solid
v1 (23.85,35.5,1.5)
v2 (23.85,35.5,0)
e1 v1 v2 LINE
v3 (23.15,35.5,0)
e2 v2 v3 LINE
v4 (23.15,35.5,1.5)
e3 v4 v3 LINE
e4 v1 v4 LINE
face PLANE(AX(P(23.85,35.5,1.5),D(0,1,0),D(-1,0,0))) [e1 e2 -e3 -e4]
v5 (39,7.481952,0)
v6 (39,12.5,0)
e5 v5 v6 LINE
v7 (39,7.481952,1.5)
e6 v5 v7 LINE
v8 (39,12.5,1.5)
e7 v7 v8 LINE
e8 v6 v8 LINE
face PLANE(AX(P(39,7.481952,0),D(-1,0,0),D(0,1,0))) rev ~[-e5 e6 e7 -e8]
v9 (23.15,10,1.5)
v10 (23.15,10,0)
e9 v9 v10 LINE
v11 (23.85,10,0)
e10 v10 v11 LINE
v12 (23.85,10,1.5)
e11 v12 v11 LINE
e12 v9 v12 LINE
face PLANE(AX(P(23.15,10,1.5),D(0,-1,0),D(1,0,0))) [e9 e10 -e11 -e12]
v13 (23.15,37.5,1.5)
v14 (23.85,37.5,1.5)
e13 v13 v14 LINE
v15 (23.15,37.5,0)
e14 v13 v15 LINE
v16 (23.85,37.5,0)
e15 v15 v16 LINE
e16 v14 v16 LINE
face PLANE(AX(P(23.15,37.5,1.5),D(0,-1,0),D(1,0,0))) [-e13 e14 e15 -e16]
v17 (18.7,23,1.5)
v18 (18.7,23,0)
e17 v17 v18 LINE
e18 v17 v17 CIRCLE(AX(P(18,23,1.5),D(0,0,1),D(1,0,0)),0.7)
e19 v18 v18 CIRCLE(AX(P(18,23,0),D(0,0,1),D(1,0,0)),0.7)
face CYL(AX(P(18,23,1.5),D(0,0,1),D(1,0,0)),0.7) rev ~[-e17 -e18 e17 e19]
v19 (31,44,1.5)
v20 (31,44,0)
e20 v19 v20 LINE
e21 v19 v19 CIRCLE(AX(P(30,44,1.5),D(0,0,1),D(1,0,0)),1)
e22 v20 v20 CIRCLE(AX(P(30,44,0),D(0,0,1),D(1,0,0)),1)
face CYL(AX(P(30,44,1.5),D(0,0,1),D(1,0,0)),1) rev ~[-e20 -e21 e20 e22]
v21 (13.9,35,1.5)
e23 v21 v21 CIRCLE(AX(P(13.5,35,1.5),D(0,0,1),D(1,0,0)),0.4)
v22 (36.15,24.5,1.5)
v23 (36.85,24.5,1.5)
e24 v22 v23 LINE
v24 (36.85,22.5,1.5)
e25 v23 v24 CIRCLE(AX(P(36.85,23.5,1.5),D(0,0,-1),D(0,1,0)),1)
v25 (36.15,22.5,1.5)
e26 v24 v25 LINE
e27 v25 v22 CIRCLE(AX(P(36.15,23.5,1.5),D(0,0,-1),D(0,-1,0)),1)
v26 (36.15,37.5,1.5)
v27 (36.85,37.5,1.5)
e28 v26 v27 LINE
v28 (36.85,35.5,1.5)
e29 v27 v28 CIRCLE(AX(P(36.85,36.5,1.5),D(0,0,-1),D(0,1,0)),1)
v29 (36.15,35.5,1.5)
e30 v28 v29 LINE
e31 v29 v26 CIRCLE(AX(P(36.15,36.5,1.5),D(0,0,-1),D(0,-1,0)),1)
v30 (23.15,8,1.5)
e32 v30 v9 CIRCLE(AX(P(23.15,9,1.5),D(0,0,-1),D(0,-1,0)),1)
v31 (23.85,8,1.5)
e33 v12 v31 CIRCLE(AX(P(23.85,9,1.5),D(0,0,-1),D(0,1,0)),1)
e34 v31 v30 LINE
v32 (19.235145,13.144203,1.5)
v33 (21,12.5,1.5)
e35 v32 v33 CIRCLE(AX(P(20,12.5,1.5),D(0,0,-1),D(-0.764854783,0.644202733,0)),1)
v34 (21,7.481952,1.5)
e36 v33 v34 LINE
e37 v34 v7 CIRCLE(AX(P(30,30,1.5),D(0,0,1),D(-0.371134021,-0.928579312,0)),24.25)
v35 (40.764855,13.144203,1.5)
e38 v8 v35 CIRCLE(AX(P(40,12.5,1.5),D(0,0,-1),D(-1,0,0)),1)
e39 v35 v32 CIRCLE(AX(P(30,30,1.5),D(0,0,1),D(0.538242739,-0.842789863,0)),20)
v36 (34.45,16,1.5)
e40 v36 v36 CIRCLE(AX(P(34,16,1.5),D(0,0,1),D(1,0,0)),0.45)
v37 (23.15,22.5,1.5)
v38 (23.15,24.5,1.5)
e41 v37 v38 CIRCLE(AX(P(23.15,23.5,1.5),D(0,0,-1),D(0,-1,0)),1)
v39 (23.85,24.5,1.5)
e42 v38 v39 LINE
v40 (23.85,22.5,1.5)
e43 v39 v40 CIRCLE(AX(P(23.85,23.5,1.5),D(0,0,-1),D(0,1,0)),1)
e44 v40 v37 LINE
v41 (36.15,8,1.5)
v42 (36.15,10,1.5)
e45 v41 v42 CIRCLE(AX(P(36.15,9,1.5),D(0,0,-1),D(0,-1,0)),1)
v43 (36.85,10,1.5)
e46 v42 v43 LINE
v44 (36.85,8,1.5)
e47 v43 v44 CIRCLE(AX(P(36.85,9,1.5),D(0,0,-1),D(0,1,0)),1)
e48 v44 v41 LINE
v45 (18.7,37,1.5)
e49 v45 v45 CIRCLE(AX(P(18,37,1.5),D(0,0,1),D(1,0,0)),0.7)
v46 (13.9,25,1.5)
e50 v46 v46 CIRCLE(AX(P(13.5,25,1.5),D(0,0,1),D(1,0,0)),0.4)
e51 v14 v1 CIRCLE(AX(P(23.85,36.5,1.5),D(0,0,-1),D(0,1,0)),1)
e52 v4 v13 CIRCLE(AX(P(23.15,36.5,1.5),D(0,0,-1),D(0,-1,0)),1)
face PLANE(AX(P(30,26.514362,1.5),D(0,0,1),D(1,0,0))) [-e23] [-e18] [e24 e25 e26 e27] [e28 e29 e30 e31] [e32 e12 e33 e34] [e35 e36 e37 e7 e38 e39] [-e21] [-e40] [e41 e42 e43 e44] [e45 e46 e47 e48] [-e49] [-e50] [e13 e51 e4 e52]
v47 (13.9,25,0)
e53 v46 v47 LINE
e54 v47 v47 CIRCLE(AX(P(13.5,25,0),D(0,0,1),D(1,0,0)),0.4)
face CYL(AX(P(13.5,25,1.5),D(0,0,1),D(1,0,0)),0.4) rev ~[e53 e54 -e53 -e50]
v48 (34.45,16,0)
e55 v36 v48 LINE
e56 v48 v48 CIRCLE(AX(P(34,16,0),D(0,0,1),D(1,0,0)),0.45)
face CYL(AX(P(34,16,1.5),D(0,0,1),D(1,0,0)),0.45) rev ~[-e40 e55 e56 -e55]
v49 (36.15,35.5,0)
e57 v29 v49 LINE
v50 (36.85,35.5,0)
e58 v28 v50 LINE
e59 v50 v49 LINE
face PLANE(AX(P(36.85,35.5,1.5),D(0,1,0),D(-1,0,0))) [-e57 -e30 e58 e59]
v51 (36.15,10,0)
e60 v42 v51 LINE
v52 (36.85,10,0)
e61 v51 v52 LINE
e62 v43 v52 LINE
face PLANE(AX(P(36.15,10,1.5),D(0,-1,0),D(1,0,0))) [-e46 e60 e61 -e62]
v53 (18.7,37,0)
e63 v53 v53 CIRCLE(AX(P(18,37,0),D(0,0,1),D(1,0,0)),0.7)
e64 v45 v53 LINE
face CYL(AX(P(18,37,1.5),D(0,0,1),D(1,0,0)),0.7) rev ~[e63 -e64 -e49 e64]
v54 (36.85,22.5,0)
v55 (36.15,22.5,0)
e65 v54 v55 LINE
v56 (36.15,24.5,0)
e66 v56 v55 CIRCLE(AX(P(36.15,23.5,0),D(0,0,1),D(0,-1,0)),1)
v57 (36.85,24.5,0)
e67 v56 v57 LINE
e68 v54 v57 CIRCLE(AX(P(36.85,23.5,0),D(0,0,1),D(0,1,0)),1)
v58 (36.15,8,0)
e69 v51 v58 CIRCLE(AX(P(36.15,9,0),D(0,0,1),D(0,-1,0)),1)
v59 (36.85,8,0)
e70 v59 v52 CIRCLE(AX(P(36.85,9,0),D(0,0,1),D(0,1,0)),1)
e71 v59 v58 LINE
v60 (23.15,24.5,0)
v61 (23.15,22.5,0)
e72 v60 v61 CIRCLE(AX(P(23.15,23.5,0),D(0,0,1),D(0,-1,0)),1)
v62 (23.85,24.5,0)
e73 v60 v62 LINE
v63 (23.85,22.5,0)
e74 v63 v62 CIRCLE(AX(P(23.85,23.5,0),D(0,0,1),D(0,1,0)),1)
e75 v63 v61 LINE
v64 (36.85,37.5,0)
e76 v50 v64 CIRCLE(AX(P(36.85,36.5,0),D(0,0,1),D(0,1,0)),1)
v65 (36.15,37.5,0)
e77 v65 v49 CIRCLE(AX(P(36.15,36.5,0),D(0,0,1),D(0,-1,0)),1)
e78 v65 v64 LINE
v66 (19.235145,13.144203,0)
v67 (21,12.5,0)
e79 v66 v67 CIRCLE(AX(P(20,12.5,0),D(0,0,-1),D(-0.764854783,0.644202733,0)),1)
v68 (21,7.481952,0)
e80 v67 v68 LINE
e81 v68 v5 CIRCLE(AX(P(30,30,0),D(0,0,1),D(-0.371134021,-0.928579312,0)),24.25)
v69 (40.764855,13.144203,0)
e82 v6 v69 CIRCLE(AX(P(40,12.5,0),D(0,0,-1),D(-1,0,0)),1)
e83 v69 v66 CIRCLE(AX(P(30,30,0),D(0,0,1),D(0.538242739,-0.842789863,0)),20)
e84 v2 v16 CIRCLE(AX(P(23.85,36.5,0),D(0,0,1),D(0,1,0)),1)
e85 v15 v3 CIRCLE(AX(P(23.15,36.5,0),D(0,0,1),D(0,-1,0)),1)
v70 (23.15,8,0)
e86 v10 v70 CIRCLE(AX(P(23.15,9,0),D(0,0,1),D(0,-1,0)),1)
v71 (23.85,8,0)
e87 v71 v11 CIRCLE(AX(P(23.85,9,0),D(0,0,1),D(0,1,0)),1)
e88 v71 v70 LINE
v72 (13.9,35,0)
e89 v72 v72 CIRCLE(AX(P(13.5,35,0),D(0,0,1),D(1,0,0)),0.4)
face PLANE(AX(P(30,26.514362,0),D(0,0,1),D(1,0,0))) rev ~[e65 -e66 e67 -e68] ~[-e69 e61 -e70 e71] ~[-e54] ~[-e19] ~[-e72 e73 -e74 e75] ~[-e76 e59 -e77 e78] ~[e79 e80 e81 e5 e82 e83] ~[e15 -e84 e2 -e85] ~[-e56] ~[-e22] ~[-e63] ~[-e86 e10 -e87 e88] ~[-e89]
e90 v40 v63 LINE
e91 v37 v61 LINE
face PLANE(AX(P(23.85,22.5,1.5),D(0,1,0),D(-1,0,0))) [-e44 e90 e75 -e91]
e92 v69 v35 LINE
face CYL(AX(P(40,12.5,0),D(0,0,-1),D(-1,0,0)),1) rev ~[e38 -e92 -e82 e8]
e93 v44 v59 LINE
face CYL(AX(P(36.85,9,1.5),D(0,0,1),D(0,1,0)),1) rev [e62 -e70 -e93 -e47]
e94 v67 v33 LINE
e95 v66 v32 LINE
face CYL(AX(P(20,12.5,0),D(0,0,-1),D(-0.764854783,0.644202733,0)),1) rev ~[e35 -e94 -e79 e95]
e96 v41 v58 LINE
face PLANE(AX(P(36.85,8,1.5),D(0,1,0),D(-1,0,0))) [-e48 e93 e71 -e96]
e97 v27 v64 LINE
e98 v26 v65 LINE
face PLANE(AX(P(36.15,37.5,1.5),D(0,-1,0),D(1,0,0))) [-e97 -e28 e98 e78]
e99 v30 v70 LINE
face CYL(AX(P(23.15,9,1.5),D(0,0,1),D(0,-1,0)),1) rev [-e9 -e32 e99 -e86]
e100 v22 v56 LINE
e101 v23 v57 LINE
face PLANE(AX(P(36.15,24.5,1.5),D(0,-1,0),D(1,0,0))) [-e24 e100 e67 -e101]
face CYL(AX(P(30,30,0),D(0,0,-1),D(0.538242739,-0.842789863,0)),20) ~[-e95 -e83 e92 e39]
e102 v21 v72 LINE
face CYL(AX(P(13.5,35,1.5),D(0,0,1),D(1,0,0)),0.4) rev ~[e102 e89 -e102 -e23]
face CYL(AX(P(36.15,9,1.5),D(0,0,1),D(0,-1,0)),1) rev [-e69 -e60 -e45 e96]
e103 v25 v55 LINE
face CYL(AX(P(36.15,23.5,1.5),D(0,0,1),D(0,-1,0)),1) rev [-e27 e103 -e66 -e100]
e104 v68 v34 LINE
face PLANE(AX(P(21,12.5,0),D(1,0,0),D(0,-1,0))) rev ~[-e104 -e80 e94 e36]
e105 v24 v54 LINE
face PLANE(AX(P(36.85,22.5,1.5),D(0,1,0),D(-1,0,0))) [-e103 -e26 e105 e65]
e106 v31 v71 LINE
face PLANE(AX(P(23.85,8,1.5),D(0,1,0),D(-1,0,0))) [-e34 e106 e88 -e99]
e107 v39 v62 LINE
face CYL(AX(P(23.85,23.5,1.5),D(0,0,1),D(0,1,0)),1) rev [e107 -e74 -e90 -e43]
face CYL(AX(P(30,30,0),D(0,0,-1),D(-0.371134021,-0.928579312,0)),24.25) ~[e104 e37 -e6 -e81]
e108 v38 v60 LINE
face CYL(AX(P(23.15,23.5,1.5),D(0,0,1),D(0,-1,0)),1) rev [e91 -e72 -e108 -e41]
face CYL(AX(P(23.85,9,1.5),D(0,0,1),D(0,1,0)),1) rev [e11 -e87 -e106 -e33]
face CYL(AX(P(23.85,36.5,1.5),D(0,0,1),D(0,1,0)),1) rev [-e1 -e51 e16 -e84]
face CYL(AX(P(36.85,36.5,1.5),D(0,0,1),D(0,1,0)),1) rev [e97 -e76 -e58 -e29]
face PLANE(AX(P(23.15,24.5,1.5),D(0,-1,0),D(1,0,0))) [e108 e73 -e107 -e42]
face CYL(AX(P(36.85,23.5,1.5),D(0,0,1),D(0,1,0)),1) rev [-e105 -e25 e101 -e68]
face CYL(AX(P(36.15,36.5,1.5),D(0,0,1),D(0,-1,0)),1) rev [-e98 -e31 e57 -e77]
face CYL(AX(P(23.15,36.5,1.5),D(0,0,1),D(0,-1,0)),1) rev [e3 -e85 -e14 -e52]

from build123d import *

# Parameters (mm, degrees)
EXTRUDE_1_DEPTH     = 1.5
SKETCH_2_R          = 0.45
SKETCH_2_R_2        = 1
SKETCH_2_R_3        = 0.4
SKETCH_2_R_4        = 0.7
CUT_EXTRUDE_1_DEPTH = 2.5


with BuildPart() as part:
    # Эскиз1 → Бобышка-Вытянуть1 (new body)
    with BuildSketch(Plane.XY):
        with BuildLine():
            Line((21, 12.5), (21, 7.481951683))
            ThreePointArc((21, 7.481951683), (30, 5.75), (39, 7.481951683))
            Line((39, 7.481951683), (39, 12.5))
            ThreePointArc((39, 12.5), (39.657111376, 13.439376065), (40.764854783, 13.144202733))
            ThreePointArc((40.764854783, 13.144202733), (30, 50), (19.235145217, 13.144202733))
            ThreePointArc((19.235145217, 13.144202733), (20.342888624, 13.439376065), (21, 12.5))
        make_face()
    extrude(amount=EXTRUDE_1_DEPTH)

    # Эскиз2 → Вырез-Вытянуть1 (cut, through all)
    with BuildSketch(Plane.XY.offset(1.5)):
        with Locations((34, 16)):
            Circle(SKETCH_2_R)
        with Locations((30, 44)):
            Circle(SKETCH_2_R_2)
        with Locations((13.5, 35)):
            Circle(SKETCH_2_R_3)
        with Locations((13.5, 25)):
            Circle(SKETCH_2_R_3)
        with Locations((18, 37)):
            Circle(SKETCH_2_R_4)
        with Locations((18, 23)):
            Circle(SKETCH_2_R_4)
        with BuildLine():
            Line((23.85, 35.5), (23.15, 35.5))
            ThreePointArc((23.15, 35.5), (22.15, 36.5), (23.15, 37.5))
            Line((23.15, 37.5), (23.85, 37.5))
            ThreePointArc((23.85, 37.5), (24.85, 36.5), (23.85, 35.5))
        make_face()
        with BuildLine():
            Line((36.85, 35.5), (36.15, 35.5))
            ThreePointArc((36.15, 35.5), (35.15, 36.5), (36.15, 37.5))
            Line((36.15, 37.5), (36.85, 37.5))
            ThreePointArc((36.85, 37.5), (37.85, 36.5), (36.85, 35.5))
        make_face()
        with BuildLine():
            Line((23.85, 22.5), (23.15, 22.5))
            ThreePointArc((23.15, 22.5), (22.15, 23.5), (23.15, 24.5))
            Line((23.15, 24.5), (23.85, 24.5))
            ThreePointArc((23.85, 24.5), (24.85, 23.5), (23.85, 22.5))
        make_face()
        with BuildLine():
            Line((36.85, 22.5), (36.15, 22.5))
            ThreePointArc((36.15, 22.5), (35.15, 23.5), (36.15, 24.5))
            Line((36.15, 24.5), (36.85, 24.5))
            ThreePointArc((36.85, 24.5), (37.85, 23.5), (36.85, 22.5))
        make_face()
        with BuildLine():
            Line((23.85, 8), (23.15, 8))
            ThreePointArc((23.15, 8), (22.15, 9), (23.15, 10))
            Line((23.15, 10), (23.85, 10))
            ThreePointArc((23.85, 10), (24.85, 9), (23.85, 8))
        make_face()
        with BuildLine():
            Line((36.85, 8), (36.15, 8))
            ThreePointArc((36.15, 8), (35.15, 9), (36.15, 10))
            Line((36.15, 10), (36.85, 10))
            ThreePointArc((36.85, 10), (37.85, 9), (36.85, 8))
        make_face()
    extrude(amount=-CUT_EXTRUDE_1_DEPTH, mode=Mode.SUBTRACT)


solid = part.part
